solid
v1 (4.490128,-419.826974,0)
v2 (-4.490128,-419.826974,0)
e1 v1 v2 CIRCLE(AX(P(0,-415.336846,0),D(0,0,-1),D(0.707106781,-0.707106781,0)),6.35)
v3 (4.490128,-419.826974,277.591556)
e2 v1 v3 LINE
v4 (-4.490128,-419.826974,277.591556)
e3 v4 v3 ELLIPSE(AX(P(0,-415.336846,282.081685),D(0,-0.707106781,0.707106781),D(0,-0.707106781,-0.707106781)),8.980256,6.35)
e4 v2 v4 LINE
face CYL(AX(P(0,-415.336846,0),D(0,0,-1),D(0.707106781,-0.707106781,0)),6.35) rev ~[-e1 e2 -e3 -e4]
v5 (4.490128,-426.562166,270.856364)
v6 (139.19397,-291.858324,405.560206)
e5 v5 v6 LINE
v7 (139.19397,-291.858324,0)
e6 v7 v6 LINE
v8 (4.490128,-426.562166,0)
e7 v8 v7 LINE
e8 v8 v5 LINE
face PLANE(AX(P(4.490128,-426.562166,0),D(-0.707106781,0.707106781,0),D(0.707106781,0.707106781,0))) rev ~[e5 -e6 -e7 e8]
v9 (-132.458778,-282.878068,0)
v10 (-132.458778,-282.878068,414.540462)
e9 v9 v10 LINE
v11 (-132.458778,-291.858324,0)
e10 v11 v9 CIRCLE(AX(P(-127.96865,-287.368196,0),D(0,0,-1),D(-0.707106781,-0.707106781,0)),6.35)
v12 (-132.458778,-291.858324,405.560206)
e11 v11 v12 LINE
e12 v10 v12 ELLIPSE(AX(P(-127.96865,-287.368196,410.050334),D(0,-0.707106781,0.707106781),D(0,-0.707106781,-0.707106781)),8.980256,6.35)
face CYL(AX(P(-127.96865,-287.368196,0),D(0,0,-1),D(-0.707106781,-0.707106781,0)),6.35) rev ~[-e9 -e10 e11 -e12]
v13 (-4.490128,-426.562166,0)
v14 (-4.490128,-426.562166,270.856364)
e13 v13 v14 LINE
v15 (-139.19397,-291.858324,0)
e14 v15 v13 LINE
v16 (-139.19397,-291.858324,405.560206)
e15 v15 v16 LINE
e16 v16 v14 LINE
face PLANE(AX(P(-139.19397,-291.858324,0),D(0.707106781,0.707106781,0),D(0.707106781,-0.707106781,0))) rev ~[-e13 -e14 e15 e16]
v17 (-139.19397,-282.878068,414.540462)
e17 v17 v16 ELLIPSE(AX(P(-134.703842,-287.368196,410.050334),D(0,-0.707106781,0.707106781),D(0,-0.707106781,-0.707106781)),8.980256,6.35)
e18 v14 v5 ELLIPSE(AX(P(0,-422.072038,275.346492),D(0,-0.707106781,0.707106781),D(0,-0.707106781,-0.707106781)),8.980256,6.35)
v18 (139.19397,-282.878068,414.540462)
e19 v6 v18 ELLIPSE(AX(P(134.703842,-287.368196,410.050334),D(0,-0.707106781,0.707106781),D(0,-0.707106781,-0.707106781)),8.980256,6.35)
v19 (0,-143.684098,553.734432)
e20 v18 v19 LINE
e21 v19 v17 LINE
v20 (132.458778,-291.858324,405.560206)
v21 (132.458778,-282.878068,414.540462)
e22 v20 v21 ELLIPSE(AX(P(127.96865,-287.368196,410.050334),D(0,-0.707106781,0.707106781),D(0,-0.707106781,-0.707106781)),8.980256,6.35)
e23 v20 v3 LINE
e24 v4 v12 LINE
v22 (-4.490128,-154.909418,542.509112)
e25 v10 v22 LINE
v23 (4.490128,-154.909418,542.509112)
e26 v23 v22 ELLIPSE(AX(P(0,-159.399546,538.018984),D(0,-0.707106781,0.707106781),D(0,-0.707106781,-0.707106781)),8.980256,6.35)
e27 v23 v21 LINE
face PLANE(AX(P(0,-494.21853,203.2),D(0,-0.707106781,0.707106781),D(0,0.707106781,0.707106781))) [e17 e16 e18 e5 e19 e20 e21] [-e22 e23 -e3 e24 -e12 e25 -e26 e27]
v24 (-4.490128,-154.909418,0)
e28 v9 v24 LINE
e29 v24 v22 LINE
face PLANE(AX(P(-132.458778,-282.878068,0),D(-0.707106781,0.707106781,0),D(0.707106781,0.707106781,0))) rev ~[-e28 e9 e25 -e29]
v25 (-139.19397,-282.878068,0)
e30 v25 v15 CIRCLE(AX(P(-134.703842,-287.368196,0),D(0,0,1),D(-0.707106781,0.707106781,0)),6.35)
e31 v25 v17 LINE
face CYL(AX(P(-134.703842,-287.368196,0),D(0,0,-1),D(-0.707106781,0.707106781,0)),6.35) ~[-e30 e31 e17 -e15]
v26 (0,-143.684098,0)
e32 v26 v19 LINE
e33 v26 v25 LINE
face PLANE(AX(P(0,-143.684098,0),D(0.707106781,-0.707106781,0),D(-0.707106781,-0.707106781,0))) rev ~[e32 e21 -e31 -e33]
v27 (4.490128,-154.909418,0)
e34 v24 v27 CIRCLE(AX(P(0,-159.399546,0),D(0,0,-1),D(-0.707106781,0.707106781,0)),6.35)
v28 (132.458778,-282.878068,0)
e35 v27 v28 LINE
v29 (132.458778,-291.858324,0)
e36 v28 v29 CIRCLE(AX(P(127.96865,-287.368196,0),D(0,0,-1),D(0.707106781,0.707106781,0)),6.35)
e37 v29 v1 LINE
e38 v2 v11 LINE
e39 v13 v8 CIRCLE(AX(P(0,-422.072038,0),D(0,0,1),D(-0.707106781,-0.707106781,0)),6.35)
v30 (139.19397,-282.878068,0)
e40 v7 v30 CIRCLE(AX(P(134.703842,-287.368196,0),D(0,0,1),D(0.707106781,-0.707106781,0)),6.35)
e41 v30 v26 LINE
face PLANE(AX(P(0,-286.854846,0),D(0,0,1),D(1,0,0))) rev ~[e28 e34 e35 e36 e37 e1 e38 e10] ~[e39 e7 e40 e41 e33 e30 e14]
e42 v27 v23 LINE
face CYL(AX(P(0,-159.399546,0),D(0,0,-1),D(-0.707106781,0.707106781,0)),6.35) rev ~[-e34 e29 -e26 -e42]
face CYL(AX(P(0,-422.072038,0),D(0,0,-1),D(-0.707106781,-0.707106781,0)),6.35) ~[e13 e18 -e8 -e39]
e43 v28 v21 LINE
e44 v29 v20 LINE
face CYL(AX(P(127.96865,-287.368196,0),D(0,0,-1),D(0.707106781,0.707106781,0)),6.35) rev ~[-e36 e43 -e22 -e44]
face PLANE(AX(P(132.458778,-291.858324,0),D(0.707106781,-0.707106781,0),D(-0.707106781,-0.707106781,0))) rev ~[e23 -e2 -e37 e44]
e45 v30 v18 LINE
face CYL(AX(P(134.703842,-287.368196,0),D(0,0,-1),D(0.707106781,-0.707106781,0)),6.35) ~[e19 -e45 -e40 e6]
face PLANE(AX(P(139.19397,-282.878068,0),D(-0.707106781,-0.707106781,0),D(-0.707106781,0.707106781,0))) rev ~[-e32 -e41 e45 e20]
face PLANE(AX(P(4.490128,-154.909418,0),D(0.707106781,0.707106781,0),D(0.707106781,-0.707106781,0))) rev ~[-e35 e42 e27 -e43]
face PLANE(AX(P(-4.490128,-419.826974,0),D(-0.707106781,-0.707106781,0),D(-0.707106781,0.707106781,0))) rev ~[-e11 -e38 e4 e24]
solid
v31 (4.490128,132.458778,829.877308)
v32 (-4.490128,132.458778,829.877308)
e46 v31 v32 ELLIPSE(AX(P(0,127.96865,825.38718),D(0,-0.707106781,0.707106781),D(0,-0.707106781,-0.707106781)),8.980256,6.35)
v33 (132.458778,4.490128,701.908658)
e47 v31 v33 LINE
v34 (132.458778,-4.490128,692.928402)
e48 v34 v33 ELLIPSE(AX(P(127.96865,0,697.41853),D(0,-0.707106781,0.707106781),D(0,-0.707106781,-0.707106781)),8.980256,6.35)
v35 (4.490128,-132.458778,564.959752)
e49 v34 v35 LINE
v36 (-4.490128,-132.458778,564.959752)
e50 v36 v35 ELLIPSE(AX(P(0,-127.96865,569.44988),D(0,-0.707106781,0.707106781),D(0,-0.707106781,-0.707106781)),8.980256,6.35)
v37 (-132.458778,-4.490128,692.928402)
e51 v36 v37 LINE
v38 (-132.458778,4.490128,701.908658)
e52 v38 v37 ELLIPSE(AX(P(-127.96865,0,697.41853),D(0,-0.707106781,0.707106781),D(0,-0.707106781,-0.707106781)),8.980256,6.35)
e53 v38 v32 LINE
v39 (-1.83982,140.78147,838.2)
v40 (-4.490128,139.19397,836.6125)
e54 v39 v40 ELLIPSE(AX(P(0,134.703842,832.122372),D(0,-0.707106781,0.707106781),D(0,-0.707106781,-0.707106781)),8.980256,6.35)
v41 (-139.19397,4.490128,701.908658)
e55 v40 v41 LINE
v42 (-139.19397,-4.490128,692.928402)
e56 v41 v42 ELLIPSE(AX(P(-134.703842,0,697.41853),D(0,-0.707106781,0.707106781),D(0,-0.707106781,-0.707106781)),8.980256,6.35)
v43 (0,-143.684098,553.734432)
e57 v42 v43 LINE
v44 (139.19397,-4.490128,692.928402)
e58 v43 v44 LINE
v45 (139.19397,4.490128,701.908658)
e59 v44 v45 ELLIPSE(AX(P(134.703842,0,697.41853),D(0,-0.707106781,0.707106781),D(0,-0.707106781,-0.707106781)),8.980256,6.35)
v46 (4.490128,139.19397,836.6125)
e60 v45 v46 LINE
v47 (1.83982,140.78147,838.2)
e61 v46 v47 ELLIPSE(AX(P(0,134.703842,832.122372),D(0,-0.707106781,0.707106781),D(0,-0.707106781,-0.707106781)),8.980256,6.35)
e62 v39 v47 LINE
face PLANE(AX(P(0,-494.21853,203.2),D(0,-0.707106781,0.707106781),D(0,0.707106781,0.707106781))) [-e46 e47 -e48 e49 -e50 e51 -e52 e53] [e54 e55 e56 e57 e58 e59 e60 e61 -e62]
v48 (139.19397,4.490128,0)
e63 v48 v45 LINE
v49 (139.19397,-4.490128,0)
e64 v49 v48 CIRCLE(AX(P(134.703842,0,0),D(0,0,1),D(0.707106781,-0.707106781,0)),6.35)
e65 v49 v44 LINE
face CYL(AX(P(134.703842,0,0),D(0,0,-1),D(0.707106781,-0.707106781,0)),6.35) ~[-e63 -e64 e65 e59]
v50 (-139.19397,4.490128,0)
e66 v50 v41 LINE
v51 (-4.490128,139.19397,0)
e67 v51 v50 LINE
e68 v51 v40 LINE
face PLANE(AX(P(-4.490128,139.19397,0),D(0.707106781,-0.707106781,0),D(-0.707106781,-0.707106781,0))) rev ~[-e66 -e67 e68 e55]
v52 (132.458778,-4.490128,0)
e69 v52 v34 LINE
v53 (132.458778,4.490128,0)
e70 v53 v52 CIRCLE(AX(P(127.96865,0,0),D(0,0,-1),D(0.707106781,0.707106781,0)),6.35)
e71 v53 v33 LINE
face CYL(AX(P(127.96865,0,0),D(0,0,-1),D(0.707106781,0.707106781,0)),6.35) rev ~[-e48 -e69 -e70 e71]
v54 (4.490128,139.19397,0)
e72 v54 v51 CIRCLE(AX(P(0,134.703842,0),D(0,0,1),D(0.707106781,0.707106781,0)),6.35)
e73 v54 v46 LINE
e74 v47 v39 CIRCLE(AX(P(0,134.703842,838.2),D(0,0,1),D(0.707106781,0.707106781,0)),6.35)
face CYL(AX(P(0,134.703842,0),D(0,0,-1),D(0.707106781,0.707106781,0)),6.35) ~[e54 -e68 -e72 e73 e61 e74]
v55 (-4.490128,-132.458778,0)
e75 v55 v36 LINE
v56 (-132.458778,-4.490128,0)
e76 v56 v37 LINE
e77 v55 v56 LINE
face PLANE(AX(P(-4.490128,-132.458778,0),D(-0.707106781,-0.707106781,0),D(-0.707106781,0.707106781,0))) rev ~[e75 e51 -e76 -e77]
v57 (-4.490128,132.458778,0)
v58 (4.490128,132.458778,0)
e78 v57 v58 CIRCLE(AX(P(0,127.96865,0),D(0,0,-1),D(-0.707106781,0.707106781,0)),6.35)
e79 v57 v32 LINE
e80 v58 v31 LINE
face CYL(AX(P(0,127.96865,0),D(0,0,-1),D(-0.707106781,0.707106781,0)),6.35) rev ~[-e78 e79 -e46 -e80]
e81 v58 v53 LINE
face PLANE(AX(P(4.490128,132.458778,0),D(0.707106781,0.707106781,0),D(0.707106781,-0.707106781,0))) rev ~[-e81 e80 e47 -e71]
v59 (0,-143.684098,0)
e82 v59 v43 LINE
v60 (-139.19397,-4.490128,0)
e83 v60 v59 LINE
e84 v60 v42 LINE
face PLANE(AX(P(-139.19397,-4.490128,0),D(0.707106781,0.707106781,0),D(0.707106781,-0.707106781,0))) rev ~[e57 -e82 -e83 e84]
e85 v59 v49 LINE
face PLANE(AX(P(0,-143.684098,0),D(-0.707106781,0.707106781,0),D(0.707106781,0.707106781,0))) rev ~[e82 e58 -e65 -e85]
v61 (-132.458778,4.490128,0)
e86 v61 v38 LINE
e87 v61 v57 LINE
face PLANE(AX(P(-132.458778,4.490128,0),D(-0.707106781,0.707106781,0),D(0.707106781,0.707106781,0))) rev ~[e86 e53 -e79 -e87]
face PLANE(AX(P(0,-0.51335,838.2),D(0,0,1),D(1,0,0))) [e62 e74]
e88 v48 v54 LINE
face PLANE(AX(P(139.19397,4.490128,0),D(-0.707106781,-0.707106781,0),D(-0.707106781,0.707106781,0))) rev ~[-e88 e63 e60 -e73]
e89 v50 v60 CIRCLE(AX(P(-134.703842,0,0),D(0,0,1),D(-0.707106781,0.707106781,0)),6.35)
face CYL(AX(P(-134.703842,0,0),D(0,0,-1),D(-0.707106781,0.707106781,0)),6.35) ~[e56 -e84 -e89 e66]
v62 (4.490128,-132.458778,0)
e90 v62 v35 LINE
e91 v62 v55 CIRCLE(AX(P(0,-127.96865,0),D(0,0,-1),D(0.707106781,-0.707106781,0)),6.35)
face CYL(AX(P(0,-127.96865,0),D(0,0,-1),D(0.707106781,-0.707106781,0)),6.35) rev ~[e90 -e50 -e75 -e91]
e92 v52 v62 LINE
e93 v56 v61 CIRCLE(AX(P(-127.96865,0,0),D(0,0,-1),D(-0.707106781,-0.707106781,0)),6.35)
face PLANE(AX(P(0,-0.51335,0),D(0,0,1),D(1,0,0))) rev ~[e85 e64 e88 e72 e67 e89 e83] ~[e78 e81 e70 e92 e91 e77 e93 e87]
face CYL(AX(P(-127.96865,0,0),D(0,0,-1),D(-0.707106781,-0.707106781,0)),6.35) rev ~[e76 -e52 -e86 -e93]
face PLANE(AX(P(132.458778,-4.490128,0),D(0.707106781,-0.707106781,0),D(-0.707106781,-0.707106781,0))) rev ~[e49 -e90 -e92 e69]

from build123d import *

# Parameters (mm, degrees)
F1_DEPTH      = 838.2
F3_DEPTH      = 141.054841816
F3_DEPTH_BACK = 141.054841816


with BuildPart() as f1:
    # F0 (on Top) → F1 (new body)
    with BuildSketch(Plane.XY):
        with BuildLine():
            Line((-4.4901280605, 139.1939698766), (-139.1939698766, 4.4901280605))
            ThreePointArc((-139.1939698766, 4.4901280605), (-141.053841816, 0), (-139.1939698766, -4.4901280605))
            Line((-139.1939698766, -4.4901280605), (0, -143.6840979371))
            Line((0, -143.6840979371), (139.1939698766, -4.4901280605))
            ThreePointArc((139.1939698766, -4.4901280605), (141.053841816, 0), (139.1939698766, 4.4901280605))
            Line((139.1939698766, 4.4901280605), (4.4901280605, 139.1939698766))
            ThreePointArc((4.4901280605, 139.1939698766), (0, 141.053841816), (-4.4901280605, 139.1939698766))
        make_face()
        with BuildLine():
            ThreePointArc((-132.4587777858, -4.4901280605), (-134.3186497252, 0), (-132.4587777858, 4.4901280605))
            Line((-132.4587777858, 4.4901280605), (-4.4901280605, 132.4587777858))
            ThreePointArc((-4.4901280605, 132.4587777858), (0, 134.3186497252), (4.4901280605, 132.4587777858))
            Line((4.4901280605, 132.4587777858), (132.4587777858, 4.4901280605))
            ThreePointArc((132.4587777858, 4.4901280605), (134.3186497252, 0), (132.4587777858, -4.4901280605))
            Line((132.4587777858, -4.4901280605), (4.4901280605, -132.4587777858))
            ThreePointArc((4.4901280605, -132.4587777858), (0, -134.3186497252), (-4.4901280605, -132.4587777858))
            Line((-4.4901280605, -132.4587777858), (-132.4587777858, -4.4901280605))
        make_face(mode=Mode.SUBTRACT)
    extrude(amount=F1_DEPTH)


with BuildPart() as f1b:
    # F0 (on Top) → F1, piece 2 (new body)
    with BuildSketch(Plane.XY):
        with BuildLine():
            Line((139.1939698766, -282.8780678137), (0, -143.6840979371))
            Line((0, -143.6840979371), (-139.1939698766, -282.8780678137))
            ThreePointArc((-139.1939698766, -282.8780678137), (-141.053841816, -287.3681958742), (-139.1939698766, -291.8583239347))
            Line((-139.1939698766, -291.8583239347), (-4.4901280605, -426.5621657508))
            ThreePointArc((-4.4901280605, -426.5621657508), (0, -428.4220376903), (4.4901280605, -426.5621657508))
            Line((4.4901280605, -426.5621657508), (139.1939698766, -291.8583239347))
            ThreePointArc((139.1939698766, -291.8583239347), (141.053841816, -287.3681958742), (139.1939698766, -282.8780678137))
        make_face()
        with BuildLine():
            Line((-132.4587777858, -282.8780678137), (-4.4901280605, -154.9094180884))
            ThreePointArc((-4.4901280605, -154.9094180884), (0, -153.049546149), (4.4901280605, -154.9094180884))
            Line((4.4901280605, -154.9094180884), (132.4587777858, -282.8780678137))
            ThreePointArc((132.4587777858, -282.8780678137), (134.3186497252, -287.3681958742), (132.4587777858, -291.8583239347))
            Line((132.4587777858, -291.8583239347), (4.4901280605, -419.82697366))
            ThreePointArc((4.4901280605, -419.82697366), (0, -421.6868455994), (-4.4901280605, -419.82697366))
            Line((-4.4901280605, -419.82697366), (-132.4587777858, -291.8583239347))
            ThreePointArc((-132.4587777858, -291.8583239347), (-134.3186497252, -287.3681958742), (-132.4587777858, -282.8780678137))
        make_face(mode=Mode.SUBTRACT)
    extrude(amount=F1_DEPTH)


with BuildPart() as f3_tool:
    # F2 (on Right) → F3 (new body, two sides)
    with BuildSketch(Plane.YZ) as f3_sk:
        Polygon((-494.2185301234, 203.2), (140.7814698766, 838.2), (-494.2185301234, 838.2), align=None)
    extrude(amount=-F3_DEPTH)
    extrude(f3_sk.sketch, amount=F3_DEPTH_BACK)


with BuildPart() as f1_1:
    add(f1.part)

    # F3: cut by f3_tool
    add(f3_tool.part, mode=Mode.SUBTRACT)


with BuildPart() as f1b_1:
    add(f1b.part)

    # F3: cut by f3_tool
    add(f3_tool.part, mode=Mode.SUBTRACT)


solid = Compound([f1_1.part, f1b_1.part])
